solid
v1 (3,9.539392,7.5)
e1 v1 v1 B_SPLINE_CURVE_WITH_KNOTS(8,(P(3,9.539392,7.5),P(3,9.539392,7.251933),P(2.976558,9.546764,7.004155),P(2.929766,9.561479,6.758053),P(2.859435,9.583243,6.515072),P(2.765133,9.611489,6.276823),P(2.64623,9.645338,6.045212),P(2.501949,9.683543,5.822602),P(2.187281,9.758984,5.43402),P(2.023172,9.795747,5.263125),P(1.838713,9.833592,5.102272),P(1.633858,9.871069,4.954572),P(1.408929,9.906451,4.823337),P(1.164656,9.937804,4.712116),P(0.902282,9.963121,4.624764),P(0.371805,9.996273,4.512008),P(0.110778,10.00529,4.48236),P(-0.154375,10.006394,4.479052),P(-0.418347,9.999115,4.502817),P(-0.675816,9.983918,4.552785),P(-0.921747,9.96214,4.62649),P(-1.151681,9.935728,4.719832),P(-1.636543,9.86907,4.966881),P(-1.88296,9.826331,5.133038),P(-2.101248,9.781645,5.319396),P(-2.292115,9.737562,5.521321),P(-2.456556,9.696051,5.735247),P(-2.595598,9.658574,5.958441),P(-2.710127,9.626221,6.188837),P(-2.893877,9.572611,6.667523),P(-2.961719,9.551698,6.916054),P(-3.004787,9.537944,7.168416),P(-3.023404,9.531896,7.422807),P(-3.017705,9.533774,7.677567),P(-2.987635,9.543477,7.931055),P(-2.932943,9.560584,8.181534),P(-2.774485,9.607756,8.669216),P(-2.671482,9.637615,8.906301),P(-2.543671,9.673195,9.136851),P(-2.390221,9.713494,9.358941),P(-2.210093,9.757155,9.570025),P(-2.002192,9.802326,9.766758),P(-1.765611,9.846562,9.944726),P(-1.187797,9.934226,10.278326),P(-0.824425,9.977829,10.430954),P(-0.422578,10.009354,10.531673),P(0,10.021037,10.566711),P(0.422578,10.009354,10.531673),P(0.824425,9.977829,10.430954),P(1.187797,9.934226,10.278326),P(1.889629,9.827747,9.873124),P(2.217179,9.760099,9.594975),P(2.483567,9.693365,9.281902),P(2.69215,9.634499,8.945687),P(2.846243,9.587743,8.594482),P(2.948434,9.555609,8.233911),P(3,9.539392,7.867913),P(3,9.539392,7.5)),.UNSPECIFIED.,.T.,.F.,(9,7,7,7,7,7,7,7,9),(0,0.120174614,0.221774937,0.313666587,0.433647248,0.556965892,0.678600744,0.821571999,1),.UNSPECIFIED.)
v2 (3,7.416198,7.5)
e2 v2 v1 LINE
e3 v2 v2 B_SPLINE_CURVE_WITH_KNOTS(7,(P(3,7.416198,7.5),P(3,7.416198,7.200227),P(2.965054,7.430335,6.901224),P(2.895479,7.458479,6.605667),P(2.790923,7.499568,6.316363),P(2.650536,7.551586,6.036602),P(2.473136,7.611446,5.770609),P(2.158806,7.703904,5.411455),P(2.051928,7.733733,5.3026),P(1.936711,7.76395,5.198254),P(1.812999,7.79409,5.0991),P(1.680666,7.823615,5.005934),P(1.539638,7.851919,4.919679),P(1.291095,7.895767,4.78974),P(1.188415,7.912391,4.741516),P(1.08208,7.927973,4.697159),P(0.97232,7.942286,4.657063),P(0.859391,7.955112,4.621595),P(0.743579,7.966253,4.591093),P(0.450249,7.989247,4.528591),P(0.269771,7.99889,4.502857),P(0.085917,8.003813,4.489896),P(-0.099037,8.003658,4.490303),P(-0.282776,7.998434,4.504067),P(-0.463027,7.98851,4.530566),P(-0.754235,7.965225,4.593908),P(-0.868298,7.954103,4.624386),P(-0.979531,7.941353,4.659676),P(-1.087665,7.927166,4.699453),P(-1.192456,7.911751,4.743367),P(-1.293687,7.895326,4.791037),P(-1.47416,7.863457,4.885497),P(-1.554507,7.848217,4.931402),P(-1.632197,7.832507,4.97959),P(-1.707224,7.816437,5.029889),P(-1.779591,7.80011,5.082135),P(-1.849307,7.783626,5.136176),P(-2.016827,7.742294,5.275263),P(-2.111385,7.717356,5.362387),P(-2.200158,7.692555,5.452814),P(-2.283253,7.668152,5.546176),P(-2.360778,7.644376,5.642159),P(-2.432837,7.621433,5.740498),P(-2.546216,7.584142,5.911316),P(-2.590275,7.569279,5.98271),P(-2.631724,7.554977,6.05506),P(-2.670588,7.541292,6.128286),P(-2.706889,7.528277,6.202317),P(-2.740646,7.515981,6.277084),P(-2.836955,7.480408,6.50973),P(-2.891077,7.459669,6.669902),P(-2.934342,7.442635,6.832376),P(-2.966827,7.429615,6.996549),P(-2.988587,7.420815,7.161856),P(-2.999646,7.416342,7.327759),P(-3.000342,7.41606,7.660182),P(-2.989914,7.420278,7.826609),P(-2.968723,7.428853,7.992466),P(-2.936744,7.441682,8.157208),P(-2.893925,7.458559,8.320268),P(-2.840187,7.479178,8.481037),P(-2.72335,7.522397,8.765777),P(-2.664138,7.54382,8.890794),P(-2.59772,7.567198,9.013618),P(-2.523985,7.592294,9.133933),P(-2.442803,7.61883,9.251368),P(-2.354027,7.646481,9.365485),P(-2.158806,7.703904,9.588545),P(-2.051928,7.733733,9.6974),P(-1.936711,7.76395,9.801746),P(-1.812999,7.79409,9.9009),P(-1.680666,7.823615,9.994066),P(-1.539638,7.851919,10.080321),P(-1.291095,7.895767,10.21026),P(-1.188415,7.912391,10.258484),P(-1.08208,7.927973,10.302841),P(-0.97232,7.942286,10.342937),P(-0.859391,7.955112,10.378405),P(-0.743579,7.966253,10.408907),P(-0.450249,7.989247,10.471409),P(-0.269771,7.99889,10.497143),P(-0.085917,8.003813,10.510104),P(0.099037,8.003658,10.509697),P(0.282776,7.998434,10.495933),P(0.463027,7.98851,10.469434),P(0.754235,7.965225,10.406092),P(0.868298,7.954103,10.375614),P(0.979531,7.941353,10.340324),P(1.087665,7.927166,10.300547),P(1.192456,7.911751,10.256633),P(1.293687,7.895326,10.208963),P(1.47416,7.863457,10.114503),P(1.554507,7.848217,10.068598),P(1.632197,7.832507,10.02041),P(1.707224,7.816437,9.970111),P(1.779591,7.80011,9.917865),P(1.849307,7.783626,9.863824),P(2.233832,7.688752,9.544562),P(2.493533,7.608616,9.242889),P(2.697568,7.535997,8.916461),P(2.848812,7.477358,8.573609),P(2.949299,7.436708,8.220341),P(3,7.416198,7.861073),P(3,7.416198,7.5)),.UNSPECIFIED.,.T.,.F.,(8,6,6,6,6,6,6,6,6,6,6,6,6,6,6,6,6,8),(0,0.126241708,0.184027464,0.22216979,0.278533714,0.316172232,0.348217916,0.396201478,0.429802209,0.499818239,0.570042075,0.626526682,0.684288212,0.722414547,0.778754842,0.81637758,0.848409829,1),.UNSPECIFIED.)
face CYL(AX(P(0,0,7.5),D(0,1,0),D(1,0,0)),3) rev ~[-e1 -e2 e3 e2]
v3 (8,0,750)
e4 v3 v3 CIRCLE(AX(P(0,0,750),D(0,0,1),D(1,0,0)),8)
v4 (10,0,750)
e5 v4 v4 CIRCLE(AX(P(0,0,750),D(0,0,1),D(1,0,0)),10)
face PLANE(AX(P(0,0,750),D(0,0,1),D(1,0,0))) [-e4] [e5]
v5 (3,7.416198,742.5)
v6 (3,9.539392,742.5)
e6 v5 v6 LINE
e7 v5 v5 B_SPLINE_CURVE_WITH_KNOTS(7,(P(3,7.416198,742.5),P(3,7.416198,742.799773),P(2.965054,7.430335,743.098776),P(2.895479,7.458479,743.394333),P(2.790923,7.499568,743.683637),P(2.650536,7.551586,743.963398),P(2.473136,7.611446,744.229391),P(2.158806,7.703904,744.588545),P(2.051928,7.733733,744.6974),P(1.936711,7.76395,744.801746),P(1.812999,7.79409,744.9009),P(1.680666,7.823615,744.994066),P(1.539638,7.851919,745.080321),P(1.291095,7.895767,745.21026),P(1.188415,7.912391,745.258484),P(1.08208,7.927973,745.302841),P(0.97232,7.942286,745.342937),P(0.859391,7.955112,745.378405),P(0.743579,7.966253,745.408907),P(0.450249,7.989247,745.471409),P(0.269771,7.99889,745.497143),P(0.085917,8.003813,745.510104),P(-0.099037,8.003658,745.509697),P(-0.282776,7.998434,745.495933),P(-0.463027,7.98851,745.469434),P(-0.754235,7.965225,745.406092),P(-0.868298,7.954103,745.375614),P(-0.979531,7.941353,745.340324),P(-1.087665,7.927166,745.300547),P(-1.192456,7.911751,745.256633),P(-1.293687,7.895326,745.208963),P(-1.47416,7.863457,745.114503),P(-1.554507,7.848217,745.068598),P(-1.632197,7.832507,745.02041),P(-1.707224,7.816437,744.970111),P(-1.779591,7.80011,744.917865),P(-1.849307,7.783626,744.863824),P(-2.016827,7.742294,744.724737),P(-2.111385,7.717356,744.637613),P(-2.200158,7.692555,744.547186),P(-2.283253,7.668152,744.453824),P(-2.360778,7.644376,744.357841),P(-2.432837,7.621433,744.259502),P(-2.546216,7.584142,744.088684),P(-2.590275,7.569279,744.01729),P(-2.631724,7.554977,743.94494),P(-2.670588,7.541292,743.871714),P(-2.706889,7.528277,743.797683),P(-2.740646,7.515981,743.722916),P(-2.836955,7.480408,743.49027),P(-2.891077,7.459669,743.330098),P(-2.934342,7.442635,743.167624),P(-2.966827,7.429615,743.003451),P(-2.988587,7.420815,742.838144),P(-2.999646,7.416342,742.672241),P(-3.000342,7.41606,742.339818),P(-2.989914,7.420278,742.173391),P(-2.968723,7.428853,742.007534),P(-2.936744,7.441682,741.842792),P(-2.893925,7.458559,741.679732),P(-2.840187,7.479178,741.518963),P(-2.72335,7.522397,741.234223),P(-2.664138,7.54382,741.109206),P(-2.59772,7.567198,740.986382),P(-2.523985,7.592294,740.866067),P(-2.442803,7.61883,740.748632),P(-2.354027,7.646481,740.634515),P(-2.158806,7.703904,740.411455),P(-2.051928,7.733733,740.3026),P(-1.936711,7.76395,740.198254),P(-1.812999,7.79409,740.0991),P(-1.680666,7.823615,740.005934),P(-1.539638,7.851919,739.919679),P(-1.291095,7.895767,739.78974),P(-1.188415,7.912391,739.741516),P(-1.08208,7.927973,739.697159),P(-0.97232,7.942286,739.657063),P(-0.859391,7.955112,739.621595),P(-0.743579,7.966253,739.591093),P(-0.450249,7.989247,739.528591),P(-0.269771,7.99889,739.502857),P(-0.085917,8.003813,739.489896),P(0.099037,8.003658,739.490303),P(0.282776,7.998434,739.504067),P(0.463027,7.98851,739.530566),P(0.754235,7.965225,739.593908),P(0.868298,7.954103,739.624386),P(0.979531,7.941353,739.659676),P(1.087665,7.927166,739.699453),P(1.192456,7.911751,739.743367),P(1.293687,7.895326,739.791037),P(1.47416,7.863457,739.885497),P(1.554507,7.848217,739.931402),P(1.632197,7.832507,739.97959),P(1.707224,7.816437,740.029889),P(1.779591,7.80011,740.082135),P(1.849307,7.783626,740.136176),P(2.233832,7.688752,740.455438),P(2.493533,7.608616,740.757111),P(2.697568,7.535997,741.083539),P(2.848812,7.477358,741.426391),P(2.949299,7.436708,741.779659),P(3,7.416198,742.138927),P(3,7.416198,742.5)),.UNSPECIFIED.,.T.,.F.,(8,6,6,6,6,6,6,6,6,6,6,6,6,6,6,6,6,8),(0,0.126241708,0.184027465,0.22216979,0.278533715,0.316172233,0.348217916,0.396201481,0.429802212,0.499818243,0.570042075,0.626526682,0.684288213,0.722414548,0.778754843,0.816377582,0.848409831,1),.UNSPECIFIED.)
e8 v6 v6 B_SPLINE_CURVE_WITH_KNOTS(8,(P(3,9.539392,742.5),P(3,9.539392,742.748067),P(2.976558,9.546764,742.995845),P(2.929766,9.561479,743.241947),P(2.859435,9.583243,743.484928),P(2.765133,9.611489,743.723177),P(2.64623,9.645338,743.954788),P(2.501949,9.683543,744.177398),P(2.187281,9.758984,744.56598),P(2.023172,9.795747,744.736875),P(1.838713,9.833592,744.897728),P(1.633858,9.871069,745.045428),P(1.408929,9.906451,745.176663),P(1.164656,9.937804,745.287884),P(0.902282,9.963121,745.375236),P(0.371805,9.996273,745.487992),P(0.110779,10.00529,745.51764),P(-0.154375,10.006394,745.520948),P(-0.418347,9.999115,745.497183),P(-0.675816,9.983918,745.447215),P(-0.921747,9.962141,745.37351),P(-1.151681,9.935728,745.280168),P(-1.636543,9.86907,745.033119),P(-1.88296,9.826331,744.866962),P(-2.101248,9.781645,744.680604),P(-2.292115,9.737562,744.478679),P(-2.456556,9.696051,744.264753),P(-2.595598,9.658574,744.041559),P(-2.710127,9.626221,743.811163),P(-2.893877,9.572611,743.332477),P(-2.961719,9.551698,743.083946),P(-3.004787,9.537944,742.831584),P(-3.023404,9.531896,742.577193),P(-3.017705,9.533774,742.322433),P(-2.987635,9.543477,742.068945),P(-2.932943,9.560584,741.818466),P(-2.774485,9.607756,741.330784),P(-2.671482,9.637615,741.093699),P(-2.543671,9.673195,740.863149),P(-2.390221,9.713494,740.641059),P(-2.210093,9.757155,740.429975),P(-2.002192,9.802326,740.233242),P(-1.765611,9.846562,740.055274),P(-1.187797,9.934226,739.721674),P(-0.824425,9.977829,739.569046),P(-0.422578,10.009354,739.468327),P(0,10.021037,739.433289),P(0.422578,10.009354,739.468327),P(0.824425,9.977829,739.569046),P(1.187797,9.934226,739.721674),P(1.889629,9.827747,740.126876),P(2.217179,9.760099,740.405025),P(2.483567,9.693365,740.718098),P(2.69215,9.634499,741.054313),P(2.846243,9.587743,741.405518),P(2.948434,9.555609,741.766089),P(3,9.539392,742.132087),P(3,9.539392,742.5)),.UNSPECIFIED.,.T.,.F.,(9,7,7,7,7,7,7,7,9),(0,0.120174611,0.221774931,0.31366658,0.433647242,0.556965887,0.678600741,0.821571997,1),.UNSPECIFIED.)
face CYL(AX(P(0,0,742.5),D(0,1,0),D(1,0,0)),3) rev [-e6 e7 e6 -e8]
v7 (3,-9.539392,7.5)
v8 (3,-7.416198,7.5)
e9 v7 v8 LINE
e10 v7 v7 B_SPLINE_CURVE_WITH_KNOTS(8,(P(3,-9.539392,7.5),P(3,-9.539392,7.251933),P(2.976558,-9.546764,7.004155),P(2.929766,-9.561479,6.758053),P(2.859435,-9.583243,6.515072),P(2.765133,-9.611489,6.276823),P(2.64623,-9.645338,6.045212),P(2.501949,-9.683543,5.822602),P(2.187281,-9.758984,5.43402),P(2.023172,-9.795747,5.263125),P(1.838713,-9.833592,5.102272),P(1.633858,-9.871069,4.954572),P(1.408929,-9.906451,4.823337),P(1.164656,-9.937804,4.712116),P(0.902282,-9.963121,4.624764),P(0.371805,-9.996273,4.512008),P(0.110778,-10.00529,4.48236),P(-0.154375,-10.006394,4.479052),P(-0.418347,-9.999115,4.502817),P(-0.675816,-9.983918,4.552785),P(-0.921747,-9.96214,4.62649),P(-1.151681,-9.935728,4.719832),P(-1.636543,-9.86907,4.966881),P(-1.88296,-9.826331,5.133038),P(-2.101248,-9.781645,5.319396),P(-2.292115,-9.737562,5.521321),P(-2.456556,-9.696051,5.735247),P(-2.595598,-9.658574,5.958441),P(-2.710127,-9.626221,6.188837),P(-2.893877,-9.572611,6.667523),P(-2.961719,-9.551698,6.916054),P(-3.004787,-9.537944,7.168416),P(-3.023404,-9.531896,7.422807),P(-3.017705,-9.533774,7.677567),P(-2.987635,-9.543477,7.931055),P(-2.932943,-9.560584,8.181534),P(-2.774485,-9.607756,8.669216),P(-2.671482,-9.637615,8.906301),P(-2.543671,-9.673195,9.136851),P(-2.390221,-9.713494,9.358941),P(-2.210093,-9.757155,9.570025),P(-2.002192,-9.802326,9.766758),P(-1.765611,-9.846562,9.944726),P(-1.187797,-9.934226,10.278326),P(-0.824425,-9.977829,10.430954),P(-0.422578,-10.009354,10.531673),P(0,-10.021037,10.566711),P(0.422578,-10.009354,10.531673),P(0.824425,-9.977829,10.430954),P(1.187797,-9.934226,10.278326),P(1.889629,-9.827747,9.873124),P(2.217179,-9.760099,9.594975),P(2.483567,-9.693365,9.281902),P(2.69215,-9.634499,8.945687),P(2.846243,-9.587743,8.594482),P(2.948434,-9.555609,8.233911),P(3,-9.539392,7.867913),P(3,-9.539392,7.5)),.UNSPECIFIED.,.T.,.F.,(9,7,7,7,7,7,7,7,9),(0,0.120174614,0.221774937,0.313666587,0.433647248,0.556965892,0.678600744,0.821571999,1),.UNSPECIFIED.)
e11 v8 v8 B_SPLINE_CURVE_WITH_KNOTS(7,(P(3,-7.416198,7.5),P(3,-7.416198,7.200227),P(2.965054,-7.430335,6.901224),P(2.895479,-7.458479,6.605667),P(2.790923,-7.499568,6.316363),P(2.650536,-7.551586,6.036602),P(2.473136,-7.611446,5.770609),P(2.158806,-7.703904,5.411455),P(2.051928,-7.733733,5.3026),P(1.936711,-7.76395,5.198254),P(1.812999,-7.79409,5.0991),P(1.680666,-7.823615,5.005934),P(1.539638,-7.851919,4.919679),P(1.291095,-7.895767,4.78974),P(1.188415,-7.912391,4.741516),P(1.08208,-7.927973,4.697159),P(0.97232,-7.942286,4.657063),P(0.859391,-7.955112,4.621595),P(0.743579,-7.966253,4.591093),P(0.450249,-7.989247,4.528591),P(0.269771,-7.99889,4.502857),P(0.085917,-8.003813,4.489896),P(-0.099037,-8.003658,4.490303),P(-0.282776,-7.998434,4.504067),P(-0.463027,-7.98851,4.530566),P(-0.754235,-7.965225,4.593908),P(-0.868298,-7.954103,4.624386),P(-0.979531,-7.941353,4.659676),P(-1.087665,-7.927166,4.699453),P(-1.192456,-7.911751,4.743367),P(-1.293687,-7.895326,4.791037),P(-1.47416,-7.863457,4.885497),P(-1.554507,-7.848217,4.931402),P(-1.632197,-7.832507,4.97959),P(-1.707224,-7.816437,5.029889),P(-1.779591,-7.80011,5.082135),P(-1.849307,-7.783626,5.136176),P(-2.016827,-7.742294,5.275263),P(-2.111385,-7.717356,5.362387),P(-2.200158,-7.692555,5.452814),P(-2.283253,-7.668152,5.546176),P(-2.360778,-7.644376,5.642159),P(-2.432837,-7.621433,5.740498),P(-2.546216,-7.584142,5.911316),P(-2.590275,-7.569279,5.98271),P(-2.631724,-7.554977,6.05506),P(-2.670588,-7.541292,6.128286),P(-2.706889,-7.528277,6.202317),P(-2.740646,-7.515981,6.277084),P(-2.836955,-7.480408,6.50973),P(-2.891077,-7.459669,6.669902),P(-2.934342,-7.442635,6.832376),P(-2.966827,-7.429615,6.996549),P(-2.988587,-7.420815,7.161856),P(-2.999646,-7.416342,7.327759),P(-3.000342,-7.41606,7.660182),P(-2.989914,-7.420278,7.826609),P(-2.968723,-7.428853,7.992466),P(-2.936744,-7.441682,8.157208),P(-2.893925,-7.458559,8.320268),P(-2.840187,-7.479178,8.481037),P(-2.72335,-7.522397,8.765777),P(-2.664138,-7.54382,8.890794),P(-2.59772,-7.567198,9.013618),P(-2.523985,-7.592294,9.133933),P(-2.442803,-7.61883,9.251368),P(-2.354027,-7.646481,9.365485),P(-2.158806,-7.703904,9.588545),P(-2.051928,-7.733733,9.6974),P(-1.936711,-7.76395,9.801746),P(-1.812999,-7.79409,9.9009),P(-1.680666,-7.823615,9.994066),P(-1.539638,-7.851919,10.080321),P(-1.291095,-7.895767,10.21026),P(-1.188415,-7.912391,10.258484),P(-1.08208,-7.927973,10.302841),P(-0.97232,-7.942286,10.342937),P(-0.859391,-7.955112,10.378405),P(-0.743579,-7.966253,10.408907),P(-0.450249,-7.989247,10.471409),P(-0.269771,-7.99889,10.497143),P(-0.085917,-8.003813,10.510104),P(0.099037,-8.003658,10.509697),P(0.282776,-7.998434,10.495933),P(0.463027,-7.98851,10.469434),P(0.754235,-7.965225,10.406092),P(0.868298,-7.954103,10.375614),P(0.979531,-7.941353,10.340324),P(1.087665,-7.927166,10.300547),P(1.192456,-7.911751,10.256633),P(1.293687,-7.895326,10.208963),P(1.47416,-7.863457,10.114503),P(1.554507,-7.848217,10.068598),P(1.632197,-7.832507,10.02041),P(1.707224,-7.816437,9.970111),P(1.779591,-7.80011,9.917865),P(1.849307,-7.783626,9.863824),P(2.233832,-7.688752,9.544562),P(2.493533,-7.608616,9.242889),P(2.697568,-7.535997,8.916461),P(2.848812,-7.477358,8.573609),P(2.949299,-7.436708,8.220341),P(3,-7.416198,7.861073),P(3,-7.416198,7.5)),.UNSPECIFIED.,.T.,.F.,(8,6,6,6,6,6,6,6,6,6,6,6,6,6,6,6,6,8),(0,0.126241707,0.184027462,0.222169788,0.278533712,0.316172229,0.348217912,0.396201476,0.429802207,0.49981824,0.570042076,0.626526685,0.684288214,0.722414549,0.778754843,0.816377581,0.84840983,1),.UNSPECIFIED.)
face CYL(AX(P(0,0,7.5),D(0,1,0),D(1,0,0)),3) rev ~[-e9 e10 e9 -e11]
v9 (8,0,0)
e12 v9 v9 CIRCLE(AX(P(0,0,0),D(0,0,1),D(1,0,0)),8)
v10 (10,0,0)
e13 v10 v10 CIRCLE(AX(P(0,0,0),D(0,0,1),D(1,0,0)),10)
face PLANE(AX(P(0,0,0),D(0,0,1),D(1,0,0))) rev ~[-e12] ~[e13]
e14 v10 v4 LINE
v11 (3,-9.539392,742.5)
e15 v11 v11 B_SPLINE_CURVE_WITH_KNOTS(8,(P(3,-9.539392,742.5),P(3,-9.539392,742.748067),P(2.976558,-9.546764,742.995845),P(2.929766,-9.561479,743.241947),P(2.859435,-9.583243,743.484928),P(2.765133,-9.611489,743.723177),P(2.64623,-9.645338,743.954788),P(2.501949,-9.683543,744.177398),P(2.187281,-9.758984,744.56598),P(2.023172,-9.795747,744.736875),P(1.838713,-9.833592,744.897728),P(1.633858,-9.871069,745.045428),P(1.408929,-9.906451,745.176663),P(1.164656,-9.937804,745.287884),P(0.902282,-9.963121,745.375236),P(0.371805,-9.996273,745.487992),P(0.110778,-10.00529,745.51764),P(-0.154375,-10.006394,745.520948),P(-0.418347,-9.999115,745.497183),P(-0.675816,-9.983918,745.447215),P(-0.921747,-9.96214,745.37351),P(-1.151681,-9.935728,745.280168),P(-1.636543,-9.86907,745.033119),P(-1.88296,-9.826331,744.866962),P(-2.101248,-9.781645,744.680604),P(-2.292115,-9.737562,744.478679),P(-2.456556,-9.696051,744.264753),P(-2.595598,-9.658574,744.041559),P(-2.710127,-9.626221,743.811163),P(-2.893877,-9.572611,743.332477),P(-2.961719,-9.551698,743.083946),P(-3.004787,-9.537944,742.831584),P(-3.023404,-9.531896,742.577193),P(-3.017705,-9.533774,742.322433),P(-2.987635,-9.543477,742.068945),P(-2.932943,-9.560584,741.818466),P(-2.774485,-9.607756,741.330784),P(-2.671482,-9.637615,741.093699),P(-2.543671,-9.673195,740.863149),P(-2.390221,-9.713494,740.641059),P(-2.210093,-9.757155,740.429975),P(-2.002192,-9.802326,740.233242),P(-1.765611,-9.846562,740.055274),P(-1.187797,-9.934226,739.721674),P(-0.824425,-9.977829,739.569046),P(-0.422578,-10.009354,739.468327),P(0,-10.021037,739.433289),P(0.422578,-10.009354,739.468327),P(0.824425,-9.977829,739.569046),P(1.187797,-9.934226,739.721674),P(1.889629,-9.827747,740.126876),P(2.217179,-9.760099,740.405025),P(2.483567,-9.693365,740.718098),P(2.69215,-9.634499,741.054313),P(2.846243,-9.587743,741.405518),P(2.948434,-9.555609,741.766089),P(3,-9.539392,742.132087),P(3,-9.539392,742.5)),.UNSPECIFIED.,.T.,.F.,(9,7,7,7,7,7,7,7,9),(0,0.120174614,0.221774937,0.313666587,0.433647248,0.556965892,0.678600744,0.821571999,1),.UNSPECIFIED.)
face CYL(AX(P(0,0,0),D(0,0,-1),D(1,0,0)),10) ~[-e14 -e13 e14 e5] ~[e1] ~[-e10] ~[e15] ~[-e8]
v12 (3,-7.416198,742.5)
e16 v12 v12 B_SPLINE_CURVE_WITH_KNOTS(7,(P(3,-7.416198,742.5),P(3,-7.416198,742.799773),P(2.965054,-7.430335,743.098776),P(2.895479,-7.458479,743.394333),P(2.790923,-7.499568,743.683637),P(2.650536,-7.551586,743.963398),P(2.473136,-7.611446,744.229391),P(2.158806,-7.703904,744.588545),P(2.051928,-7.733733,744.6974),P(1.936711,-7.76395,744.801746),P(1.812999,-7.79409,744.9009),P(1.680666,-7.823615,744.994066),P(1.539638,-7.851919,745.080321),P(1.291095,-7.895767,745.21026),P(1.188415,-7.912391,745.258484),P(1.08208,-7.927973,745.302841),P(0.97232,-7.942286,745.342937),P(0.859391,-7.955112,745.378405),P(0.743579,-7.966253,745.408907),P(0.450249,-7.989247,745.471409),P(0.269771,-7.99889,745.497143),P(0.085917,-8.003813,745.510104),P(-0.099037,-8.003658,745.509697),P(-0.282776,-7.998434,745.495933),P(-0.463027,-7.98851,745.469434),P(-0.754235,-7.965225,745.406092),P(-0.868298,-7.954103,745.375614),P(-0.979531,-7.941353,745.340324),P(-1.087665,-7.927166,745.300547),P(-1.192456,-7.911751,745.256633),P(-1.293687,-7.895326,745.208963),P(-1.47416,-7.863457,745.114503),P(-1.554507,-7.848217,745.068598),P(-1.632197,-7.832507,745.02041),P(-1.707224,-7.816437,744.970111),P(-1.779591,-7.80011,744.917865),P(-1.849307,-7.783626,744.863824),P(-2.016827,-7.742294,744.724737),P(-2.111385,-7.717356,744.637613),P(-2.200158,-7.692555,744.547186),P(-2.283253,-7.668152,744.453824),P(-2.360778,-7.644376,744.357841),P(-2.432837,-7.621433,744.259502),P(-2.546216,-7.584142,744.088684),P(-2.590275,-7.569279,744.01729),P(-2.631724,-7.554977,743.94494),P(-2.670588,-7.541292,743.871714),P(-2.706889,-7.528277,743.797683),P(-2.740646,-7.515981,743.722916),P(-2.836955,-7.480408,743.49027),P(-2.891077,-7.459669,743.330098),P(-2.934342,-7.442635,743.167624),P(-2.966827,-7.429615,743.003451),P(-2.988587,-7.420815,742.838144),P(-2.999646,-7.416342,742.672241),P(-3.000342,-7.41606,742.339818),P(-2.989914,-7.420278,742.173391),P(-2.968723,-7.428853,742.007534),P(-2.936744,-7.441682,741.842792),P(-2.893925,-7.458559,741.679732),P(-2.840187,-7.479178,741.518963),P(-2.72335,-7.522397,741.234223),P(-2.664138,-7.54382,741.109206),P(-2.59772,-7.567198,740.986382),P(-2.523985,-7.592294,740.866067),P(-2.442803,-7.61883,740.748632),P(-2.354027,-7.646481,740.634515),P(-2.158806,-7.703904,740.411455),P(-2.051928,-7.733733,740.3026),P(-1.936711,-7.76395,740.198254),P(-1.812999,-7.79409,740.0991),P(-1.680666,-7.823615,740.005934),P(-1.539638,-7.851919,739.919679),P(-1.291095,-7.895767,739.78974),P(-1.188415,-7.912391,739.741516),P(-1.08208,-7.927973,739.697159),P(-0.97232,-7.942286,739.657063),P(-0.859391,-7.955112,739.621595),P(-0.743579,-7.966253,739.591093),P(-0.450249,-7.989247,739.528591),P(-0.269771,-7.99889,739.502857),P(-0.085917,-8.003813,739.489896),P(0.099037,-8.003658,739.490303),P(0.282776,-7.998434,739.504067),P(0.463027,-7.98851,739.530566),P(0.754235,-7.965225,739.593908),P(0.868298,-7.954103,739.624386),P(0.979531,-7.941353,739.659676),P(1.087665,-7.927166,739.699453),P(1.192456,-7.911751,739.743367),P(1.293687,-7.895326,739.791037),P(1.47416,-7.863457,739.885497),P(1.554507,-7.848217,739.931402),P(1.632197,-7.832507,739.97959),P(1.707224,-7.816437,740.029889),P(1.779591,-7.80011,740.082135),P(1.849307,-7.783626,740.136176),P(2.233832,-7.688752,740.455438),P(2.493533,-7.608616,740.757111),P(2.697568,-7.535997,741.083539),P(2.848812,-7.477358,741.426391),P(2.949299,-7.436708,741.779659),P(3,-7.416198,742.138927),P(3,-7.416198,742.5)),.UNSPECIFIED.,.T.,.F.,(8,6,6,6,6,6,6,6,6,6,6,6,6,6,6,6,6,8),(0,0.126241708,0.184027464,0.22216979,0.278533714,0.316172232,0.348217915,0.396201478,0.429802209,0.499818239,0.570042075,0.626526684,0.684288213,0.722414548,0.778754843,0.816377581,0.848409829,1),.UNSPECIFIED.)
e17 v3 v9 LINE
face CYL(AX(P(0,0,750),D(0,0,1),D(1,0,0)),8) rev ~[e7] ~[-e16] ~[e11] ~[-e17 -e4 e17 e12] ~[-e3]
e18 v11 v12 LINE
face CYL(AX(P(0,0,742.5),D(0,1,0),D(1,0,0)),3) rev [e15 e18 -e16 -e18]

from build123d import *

# Parameters (mm, degrees)
SZKIC1_R                    = 10
DODANIE_WYCI_GNI_CIE2_DEPTH = 750
SZKIC3_R                    = 8
WYTNIJ_WYCI_GNI_CIE1_DEPTH  = 751
SZKIC4_R                    = 3
WYTNIJ_WYCI_GNI_CIE2_DEPTH  = 11


with BuildPart() as part:
    # Szkic1 → Dodanie-wyciągnięcie2 (new body)
    with BuildSketch(Plane.XY):
        Circle(SZKIC1_R)
    extrude(amount=DODANIE_WYCI_GNI_CIE2_DEPTH)

    # Szkic3 → Wytnij-wyciągnięcie1 (cut, through all)
    with BuildSketch(Plane.XY.offset(750)):
        Circle(SZKIC3_R)
    extrude(amount=-WYTNIJ_WYCI_GNI_CIE1_DEPTH, mode=Mode.SUBTRACT)

    # Szkic4 → Wytnij-wyciągnięcie2 (cut, symmetric)
    with BuildSketch(Plane(origin=(0, 0, 0), x_dir=(1, 0, 0), z_dir=(0, 1, 0))):
        with Locations((0, -7.5)):
            Circle(SZKIC4_R)
    wytnij_wyci_gni_cie2 = extrude(amount=WYTNIJ_WYCI_GNI_CIE2_DEPTH, both=True, mode=Mode.SUBTRACT)

    # Mirror1: Wytnij-wyciągnięcie2 across plane
    add(wytnij_wyci_gni_cie2.mirror(Plane.XY.offset(375)), mode=Mode.SUBTRACT)


solid = part.part
